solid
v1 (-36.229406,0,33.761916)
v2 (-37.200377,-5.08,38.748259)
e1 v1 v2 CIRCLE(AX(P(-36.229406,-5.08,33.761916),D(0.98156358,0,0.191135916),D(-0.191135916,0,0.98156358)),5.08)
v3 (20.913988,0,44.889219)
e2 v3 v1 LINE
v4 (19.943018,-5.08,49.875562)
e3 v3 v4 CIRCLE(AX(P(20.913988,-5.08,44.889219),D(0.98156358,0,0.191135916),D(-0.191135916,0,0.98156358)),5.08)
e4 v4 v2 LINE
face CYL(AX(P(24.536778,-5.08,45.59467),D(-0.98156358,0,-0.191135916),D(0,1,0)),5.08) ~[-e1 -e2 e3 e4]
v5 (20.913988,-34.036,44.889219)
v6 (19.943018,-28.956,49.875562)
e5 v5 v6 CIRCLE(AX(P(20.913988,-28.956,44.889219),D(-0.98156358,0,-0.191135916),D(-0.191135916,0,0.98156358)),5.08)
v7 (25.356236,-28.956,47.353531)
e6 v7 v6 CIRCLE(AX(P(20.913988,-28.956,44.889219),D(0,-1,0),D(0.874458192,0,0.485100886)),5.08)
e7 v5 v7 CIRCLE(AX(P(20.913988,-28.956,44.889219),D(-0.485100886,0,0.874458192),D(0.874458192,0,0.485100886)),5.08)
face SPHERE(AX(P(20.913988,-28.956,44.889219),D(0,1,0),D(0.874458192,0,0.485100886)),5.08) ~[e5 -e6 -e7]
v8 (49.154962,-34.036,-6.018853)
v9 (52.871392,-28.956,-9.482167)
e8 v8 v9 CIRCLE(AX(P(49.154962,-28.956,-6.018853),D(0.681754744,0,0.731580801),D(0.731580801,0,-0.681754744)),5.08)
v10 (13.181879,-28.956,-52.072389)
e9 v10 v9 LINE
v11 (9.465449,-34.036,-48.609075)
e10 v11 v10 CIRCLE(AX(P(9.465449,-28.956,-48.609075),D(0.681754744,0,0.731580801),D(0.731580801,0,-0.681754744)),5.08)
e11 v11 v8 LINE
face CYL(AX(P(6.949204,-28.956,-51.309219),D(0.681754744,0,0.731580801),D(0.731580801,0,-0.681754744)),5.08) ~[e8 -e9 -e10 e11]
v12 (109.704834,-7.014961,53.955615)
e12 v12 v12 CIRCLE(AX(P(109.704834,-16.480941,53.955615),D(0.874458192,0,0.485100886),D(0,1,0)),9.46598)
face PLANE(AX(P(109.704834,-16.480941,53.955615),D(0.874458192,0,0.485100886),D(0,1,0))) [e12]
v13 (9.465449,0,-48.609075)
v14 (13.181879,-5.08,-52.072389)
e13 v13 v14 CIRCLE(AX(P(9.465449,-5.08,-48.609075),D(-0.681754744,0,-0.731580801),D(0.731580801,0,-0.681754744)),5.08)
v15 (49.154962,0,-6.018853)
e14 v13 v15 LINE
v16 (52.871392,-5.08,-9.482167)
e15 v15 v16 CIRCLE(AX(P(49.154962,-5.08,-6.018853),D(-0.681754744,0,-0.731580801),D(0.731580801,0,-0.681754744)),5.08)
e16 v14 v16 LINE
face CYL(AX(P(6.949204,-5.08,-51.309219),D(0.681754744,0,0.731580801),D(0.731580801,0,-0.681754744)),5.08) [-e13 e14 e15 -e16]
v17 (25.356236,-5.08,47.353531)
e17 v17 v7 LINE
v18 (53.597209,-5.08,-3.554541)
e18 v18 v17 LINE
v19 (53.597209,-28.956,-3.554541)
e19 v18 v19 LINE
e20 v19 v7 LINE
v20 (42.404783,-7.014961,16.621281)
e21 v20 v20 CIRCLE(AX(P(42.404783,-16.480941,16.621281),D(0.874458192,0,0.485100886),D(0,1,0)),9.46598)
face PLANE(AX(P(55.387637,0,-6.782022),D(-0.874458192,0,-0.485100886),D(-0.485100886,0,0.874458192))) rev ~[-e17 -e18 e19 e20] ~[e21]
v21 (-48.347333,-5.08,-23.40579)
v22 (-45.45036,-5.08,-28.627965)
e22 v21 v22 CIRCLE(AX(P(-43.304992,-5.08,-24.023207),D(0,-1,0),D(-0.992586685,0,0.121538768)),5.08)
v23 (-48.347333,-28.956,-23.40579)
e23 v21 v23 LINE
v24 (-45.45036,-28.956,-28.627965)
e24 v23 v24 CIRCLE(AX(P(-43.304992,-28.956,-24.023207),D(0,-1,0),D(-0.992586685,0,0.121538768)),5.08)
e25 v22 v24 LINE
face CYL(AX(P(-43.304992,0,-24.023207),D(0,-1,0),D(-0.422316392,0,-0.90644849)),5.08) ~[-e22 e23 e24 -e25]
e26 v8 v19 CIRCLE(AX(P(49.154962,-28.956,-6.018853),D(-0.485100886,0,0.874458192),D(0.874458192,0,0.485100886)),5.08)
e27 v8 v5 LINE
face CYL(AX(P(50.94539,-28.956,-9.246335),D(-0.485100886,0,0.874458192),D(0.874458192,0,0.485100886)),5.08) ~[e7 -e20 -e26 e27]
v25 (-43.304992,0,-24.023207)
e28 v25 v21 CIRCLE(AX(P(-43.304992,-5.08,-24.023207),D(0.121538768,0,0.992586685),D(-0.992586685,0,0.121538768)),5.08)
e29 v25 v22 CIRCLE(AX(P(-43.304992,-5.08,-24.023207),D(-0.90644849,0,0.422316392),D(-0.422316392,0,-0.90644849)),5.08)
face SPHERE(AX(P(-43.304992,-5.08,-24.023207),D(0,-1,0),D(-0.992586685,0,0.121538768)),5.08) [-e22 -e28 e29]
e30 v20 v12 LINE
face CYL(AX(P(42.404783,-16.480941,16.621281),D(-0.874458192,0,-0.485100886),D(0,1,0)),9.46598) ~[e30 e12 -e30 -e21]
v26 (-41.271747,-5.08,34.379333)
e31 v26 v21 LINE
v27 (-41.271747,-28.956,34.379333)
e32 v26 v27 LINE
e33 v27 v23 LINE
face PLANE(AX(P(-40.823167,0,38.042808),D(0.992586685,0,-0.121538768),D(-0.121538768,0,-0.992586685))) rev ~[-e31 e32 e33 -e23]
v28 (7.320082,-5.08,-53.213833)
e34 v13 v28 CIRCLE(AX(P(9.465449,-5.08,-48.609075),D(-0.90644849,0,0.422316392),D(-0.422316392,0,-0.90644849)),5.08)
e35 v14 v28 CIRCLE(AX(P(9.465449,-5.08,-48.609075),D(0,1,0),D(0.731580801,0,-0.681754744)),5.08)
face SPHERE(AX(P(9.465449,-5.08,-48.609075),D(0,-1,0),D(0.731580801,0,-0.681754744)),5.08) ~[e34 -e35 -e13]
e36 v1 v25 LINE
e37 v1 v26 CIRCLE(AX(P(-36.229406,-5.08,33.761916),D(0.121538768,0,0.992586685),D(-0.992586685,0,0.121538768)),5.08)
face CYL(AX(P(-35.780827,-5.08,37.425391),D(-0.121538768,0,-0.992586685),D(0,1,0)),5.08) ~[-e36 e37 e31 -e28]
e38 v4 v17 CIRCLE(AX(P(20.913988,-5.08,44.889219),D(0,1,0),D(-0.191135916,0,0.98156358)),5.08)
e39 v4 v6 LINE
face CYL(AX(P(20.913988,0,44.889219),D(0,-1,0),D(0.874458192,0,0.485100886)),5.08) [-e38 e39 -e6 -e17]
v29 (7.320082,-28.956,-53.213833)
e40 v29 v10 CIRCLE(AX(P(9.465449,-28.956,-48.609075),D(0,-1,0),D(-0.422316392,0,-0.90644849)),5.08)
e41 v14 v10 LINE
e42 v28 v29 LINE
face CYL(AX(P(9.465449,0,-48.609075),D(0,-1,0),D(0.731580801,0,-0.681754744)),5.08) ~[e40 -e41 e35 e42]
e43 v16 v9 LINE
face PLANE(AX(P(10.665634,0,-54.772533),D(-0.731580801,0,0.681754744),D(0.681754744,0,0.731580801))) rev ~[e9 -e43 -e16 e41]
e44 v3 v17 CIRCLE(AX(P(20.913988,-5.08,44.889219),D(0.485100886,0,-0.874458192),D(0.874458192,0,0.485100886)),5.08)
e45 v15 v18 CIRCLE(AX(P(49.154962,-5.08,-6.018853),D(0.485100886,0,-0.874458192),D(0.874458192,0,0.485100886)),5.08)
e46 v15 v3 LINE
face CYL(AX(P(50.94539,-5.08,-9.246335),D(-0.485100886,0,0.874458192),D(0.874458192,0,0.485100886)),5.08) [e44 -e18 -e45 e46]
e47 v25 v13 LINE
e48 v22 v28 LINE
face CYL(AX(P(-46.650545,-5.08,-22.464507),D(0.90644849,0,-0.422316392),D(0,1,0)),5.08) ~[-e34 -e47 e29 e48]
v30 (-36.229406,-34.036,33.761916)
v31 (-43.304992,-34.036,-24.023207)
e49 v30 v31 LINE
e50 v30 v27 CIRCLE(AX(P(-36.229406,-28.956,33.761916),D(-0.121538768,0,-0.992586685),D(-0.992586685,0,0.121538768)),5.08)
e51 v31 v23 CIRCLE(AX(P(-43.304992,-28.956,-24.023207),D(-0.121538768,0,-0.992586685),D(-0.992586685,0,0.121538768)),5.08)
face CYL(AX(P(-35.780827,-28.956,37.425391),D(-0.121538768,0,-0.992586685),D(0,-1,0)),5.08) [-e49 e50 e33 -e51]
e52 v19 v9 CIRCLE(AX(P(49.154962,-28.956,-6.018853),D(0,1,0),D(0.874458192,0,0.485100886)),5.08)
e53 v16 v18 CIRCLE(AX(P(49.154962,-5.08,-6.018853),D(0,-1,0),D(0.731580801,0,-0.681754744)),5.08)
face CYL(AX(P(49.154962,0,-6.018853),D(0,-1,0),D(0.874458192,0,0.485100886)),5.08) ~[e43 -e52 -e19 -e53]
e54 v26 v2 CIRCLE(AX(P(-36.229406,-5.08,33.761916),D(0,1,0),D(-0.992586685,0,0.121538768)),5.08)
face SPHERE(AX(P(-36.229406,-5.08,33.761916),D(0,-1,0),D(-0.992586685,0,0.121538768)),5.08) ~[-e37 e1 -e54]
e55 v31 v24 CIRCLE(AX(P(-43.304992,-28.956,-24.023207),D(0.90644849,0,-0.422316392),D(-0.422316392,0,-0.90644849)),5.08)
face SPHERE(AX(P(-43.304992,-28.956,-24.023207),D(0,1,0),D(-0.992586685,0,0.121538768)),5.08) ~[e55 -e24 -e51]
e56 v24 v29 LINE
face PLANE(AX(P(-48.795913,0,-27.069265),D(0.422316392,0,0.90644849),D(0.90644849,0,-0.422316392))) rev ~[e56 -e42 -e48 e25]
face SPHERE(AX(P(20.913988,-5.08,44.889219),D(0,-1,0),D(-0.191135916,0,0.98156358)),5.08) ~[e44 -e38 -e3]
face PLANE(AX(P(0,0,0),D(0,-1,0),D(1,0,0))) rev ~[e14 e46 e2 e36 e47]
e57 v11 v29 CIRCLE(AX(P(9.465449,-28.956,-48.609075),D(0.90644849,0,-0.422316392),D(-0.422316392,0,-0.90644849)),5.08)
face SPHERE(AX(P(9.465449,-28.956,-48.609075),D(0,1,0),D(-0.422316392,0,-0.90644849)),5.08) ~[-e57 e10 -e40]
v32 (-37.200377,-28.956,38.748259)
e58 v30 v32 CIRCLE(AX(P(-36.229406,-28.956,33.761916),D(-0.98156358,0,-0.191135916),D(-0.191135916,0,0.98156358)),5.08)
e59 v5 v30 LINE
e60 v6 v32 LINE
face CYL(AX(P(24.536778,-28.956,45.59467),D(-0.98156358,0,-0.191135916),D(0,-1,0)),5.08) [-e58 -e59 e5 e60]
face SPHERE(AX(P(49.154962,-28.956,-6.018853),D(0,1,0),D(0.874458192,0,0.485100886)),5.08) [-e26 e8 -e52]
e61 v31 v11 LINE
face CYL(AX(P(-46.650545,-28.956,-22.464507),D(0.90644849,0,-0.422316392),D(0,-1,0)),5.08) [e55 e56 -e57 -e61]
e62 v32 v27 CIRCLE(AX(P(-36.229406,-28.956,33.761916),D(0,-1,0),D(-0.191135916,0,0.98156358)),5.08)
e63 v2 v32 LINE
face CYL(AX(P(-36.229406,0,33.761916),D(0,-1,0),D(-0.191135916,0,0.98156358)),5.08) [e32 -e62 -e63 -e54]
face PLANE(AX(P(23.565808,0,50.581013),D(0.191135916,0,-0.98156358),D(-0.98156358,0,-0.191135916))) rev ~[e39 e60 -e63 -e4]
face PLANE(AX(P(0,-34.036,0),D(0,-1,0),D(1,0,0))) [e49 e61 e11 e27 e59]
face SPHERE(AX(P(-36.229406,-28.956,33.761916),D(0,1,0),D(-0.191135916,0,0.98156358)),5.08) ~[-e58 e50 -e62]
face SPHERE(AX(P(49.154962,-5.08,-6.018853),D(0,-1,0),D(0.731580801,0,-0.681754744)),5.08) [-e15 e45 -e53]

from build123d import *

# Parameters (mm, degrees)
F1_DEPTH = 34.036
F2_R     = 9.4659800125
F3_DEPTH = 76.962
F4_R     = 5.08


with BuildPart() as f1:
    # F0 (on Front) → F1 (new body)
    with BuildSketch(Plane.XZ):
        Polygon((55.3876371372, -6.7820224733), (23.5658078206, 50.581013021), (-40.8231669317, 38.0428077057), (-48.7959125128, -27.0692648314), (10.6656344867, -54.772533422), align=None)
    extrude(amount=F1_DEPTH)

    # F2 (on face) → F3 (join)
    with BuildSketch(Plane(origin=(39.4767224789, 0, 21.8994952738), x_dir=(0, 1, 0), z_dir=(0.8744581925, 0, 0.4851008861))):
        with Locations((-16.4809413254, -6.0359826311)):
            Circle(F2_R)
    extrude(amount=F3_DEPTH)

    # F4
    f4_edges = [f1.edges().sort_by_distance(p)[0] for p in [
        (39.476722, 0, 21.899495),
        (55.387637, -17.018, -6.782022),
        (23.565808, -17.018, 50.581013),
        (39.476722, -34.036, 21.899495),
        (33.026636, -34.036, -30.777278),
        (10.665634, -17.018, -54.772533),
        (33.026636, 0, -30.777278),
        (-8.62868, 0, 44.31191),
        (-8.62868, -34.036, 44.31191),
        (-44.80954, -34.036, 5.486771),
        (-19.065139, -34.036, -40.920899),
        (-40.823167, -17.018, 38.042808),
        (-48.795913, -17.018, -27.069265),
        (-44.80954, 0, 5.486771),
        (-19.065139, 0, -40.920899),
    ]]
    fillet(f4_edges, radius=F4_R)


solid = f1.part
